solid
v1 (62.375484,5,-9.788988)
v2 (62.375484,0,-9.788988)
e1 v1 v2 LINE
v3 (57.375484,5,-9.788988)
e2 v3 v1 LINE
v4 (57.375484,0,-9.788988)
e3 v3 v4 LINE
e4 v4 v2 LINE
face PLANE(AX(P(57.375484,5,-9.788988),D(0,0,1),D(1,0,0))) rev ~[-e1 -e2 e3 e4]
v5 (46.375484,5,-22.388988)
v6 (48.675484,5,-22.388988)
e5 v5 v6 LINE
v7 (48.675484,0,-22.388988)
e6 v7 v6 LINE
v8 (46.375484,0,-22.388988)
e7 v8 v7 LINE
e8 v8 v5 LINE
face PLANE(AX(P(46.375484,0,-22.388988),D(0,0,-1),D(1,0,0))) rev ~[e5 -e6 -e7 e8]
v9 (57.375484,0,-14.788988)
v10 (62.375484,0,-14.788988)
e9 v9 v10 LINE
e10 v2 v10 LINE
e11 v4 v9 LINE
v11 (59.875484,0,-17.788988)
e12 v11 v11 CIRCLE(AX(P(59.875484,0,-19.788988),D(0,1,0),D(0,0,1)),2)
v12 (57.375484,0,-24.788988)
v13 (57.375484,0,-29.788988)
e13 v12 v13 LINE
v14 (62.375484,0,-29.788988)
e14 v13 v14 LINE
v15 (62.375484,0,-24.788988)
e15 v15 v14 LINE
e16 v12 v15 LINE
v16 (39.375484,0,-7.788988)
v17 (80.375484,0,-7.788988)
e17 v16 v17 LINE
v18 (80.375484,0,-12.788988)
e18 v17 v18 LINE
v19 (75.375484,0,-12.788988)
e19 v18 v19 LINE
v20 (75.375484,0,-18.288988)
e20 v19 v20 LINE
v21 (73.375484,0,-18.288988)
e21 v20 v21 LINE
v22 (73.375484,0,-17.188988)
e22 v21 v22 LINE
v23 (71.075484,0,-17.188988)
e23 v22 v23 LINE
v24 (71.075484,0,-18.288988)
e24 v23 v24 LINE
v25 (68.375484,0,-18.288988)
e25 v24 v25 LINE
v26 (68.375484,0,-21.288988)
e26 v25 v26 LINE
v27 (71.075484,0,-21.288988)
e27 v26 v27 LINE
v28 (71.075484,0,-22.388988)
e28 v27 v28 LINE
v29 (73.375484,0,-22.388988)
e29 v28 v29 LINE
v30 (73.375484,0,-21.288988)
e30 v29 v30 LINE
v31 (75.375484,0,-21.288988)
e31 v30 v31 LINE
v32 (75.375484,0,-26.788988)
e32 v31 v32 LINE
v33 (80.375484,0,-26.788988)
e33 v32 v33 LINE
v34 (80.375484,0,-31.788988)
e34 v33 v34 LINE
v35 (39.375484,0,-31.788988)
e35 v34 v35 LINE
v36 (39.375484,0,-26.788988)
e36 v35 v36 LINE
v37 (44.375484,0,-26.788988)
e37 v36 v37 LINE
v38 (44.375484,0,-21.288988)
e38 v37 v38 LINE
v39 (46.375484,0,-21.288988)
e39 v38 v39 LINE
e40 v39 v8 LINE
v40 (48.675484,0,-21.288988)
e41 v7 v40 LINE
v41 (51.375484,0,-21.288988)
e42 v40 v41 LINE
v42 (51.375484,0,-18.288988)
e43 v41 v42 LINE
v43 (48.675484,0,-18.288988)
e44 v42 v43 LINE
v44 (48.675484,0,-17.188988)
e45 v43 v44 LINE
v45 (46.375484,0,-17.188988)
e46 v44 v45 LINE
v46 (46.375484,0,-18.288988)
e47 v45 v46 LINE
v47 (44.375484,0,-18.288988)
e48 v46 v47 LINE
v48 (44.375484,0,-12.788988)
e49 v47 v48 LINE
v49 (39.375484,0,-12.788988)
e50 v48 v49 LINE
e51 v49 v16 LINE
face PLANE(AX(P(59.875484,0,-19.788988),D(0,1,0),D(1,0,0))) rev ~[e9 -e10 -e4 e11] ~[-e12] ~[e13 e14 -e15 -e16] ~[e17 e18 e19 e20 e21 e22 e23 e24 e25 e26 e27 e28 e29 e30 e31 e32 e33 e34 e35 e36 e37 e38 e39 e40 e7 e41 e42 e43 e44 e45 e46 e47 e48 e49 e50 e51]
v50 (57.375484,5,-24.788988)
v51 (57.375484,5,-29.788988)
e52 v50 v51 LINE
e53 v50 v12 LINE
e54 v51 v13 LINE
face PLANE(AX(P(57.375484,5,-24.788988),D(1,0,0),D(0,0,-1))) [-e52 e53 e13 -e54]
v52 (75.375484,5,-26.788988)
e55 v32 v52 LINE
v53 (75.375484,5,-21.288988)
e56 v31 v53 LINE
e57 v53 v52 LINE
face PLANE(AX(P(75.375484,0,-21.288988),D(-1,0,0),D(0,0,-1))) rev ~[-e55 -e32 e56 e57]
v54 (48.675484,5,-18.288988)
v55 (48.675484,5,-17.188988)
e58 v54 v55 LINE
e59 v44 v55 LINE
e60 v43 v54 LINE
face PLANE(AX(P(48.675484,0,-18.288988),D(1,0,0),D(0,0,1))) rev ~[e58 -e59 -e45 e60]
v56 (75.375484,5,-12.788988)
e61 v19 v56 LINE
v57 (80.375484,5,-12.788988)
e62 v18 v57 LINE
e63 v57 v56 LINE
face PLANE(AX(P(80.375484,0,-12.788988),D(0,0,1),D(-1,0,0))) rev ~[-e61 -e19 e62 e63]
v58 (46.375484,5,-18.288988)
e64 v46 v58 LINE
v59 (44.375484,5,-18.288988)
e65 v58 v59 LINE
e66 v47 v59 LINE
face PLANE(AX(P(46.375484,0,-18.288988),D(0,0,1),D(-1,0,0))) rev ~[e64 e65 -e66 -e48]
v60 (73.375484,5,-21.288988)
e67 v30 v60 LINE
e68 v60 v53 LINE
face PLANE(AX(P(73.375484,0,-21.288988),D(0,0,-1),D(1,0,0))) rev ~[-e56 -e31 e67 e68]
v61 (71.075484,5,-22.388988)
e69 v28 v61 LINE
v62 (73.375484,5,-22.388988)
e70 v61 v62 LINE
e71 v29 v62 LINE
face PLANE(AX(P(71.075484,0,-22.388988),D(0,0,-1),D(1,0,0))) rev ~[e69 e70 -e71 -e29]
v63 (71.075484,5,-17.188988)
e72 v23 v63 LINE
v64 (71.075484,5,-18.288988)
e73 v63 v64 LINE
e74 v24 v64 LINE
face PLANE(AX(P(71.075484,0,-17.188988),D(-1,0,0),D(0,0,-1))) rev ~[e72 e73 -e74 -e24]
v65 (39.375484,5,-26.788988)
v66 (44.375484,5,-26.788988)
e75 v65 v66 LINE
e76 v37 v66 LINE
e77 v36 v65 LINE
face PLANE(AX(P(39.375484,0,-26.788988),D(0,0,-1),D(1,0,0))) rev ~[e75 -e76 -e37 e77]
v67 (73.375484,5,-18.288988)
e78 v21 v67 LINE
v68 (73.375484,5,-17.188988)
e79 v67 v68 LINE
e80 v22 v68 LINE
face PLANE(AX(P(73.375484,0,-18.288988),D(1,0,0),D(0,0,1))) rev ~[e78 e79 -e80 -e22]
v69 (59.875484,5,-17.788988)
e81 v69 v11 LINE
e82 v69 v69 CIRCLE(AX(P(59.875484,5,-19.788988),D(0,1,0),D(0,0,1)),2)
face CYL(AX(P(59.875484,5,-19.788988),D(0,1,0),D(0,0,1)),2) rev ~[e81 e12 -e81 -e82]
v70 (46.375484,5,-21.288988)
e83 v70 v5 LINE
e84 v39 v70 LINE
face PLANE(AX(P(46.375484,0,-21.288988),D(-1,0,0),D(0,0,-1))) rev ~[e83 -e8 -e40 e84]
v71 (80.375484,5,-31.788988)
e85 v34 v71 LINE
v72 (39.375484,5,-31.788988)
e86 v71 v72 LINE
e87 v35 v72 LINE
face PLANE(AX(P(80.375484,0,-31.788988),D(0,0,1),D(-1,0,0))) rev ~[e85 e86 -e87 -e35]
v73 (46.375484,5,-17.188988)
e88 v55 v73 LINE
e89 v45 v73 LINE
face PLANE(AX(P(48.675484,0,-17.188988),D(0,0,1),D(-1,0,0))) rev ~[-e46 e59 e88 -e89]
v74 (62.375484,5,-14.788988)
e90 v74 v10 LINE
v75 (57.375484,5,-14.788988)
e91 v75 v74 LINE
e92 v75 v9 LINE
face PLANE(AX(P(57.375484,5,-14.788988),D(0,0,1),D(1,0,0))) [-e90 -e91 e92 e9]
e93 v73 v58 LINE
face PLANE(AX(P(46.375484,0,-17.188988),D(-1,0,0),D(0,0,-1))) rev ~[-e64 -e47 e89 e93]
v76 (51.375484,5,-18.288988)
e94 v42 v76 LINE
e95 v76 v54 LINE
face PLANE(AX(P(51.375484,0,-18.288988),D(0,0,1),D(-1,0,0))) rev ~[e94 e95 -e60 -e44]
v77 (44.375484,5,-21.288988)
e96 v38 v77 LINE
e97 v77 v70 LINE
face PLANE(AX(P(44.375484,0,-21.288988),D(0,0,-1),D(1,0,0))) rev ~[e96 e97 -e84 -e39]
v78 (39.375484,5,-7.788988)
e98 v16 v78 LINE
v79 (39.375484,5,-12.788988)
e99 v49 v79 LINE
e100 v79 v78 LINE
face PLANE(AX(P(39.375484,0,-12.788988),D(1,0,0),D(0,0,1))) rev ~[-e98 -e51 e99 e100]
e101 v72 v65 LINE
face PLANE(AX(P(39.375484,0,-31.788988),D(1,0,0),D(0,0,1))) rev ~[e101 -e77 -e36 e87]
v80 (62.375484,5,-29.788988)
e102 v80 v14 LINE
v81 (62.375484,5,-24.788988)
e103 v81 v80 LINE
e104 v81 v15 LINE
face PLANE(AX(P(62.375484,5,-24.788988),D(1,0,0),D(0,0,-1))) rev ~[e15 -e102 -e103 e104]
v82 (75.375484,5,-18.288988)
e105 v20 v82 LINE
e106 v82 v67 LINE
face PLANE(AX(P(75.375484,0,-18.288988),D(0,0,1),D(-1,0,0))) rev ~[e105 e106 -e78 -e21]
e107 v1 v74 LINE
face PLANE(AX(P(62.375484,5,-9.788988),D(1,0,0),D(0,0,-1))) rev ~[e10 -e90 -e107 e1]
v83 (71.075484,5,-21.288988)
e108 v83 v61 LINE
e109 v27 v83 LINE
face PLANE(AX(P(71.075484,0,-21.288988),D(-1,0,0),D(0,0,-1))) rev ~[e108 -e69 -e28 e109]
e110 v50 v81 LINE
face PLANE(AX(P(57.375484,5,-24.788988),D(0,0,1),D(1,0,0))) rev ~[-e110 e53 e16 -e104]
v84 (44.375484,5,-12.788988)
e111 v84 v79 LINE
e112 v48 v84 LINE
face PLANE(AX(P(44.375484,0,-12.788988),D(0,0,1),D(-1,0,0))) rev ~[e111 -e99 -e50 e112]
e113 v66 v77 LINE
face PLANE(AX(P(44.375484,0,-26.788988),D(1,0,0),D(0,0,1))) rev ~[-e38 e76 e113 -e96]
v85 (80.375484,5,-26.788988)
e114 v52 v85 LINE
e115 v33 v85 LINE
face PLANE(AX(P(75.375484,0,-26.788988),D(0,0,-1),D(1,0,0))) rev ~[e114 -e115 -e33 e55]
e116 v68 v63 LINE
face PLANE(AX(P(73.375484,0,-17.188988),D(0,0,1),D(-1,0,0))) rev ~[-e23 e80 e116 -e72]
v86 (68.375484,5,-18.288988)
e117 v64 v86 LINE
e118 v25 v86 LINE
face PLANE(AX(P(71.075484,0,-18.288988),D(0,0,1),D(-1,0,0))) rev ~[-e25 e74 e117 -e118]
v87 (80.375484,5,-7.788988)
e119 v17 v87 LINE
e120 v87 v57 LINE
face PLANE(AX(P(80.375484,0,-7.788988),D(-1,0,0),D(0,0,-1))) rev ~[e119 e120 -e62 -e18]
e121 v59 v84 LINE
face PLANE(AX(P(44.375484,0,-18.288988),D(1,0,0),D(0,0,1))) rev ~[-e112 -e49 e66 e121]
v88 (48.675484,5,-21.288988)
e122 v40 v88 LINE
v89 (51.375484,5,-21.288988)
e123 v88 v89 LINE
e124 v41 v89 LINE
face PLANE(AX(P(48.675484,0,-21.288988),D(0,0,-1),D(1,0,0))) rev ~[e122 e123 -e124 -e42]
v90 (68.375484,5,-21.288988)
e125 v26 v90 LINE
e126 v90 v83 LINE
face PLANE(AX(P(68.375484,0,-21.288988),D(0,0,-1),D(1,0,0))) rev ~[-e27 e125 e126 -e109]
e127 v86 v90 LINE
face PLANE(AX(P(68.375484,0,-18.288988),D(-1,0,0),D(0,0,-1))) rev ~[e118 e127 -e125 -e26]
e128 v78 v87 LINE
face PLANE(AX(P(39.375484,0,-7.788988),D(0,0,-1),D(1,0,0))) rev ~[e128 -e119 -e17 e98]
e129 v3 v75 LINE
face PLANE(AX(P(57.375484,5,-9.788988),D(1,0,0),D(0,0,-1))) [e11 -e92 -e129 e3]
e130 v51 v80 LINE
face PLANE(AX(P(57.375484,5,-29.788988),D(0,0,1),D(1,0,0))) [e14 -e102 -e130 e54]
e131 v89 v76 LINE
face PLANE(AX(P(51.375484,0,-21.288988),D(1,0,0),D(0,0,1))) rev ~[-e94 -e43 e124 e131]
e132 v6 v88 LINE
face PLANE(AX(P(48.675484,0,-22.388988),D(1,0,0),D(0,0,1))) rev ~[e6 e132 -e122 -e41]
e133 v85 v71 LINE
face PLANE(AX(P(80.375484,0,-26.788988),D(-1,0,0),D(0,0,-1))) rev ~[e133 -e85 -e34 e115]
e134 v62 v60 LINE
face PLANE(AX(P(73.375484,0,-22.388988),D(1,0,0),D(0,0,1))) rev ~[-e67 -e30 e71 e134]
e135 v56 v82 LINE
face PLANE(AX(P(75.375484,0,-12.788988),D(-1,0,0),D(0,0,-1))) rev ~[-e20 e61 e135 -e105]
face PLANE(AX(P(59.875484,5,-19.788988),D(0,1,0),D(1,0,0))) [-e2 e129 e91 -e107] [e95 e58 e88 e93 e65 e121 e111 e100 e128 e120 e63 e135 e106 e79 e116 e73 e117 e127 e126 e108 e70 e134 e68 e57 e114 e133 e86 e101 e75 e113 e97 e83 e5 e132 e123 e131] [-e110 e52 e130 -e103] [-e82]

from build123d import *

# Parameters (mm, degrees)
BOSS_EXTRUDE1_DEPTH = 5
SKETCH2_R           = 2
SKETCH2_W           = 5
SKETCH2_H           = 5
CUT_EXTRUDE1_DEPTH  = 10


with BuildPart() as part:
    # Sketch1 → Boss-Extrude1 (new body)
    with BuildSketch(Plane(origin=(0, 0, 0), x_dir=(1, 0, 0), z_dir=(0, 1, 0))):
        Polygon((44.375484097, 7.788988346), (75.375484097, 7.788988346), (80.375484097, 7.788988346), (80.375484097, 12.788988346), (75.375484097, 12.788988346), (75.375484097, 18.288988346), (73.375484097, 18.288988346), (73.375484097, 17.188988346), (71.075484097, 17.188988346), (71.075484097, 18.288988346), (68.375484097, 18.288988346), (68.375484097, 21.288988346), (71.075484097, 21.288988346), (71.075484097, 22.388988346), (73.375484097, 22.388988346), (73.375484097, 21.288988346), (75.375484097, 21.288988346), (75.375484097, 26.788988346), (80.375484097, 26.788988346), (80.375484097, 31.788988346), (75.375484097, 31.788988346), (44.375484097, 31.788988346), (39.375484097, 31.788988346), (39.375484097, 26.788988346), (44.375484097, 26.788988346), (44.375484097, 21.288988346), (46.375484097, 21.288988346), (46.375484097, 22.388988346), (48.675484097, 22.388988346), (48.675484097, 21.288988346), (51.375484097, 21.288988346), (51.375484097, 18.288988346), (48.675484097, 18.288988346), (48.675484097, 17.188988346), (46.375484097, 17.188988346), (46.375484097, 18.288988346), (44.375484097, 18.288988346), (44.375484097, 12.788988346), (39.375484097, 12.788988346), (39.375484097, 7.788988346), align=None)
    extrude(amount=BOSS_EXTRUDE1_DEPTH)

    # Sketch2 → Cut-Extrude1 (cut)
    with BuildSketch(Plane(origin=(0, 5, 0), x_dir=(1, 0, 0), z_dir=(0, 1, 0))):
        with Locations(Location((59.875484097, 19.788988346, 0), (0, 0, 270))):
            Circle(SKETCH2_R)
        with Locations((59.875484097, 12.288988346)):
            Rectangle(SKETCH2_W, SKETCH2_H)
        with Locations((59.875484097, 27.288988346)):
            Rectangle(SKETCH2_W, SKETCH2_H)
    extrude(amount=-CUT_EXTRUDE1_DEPTH, mode=Mode.SUBTRACT)


solid = part.part
